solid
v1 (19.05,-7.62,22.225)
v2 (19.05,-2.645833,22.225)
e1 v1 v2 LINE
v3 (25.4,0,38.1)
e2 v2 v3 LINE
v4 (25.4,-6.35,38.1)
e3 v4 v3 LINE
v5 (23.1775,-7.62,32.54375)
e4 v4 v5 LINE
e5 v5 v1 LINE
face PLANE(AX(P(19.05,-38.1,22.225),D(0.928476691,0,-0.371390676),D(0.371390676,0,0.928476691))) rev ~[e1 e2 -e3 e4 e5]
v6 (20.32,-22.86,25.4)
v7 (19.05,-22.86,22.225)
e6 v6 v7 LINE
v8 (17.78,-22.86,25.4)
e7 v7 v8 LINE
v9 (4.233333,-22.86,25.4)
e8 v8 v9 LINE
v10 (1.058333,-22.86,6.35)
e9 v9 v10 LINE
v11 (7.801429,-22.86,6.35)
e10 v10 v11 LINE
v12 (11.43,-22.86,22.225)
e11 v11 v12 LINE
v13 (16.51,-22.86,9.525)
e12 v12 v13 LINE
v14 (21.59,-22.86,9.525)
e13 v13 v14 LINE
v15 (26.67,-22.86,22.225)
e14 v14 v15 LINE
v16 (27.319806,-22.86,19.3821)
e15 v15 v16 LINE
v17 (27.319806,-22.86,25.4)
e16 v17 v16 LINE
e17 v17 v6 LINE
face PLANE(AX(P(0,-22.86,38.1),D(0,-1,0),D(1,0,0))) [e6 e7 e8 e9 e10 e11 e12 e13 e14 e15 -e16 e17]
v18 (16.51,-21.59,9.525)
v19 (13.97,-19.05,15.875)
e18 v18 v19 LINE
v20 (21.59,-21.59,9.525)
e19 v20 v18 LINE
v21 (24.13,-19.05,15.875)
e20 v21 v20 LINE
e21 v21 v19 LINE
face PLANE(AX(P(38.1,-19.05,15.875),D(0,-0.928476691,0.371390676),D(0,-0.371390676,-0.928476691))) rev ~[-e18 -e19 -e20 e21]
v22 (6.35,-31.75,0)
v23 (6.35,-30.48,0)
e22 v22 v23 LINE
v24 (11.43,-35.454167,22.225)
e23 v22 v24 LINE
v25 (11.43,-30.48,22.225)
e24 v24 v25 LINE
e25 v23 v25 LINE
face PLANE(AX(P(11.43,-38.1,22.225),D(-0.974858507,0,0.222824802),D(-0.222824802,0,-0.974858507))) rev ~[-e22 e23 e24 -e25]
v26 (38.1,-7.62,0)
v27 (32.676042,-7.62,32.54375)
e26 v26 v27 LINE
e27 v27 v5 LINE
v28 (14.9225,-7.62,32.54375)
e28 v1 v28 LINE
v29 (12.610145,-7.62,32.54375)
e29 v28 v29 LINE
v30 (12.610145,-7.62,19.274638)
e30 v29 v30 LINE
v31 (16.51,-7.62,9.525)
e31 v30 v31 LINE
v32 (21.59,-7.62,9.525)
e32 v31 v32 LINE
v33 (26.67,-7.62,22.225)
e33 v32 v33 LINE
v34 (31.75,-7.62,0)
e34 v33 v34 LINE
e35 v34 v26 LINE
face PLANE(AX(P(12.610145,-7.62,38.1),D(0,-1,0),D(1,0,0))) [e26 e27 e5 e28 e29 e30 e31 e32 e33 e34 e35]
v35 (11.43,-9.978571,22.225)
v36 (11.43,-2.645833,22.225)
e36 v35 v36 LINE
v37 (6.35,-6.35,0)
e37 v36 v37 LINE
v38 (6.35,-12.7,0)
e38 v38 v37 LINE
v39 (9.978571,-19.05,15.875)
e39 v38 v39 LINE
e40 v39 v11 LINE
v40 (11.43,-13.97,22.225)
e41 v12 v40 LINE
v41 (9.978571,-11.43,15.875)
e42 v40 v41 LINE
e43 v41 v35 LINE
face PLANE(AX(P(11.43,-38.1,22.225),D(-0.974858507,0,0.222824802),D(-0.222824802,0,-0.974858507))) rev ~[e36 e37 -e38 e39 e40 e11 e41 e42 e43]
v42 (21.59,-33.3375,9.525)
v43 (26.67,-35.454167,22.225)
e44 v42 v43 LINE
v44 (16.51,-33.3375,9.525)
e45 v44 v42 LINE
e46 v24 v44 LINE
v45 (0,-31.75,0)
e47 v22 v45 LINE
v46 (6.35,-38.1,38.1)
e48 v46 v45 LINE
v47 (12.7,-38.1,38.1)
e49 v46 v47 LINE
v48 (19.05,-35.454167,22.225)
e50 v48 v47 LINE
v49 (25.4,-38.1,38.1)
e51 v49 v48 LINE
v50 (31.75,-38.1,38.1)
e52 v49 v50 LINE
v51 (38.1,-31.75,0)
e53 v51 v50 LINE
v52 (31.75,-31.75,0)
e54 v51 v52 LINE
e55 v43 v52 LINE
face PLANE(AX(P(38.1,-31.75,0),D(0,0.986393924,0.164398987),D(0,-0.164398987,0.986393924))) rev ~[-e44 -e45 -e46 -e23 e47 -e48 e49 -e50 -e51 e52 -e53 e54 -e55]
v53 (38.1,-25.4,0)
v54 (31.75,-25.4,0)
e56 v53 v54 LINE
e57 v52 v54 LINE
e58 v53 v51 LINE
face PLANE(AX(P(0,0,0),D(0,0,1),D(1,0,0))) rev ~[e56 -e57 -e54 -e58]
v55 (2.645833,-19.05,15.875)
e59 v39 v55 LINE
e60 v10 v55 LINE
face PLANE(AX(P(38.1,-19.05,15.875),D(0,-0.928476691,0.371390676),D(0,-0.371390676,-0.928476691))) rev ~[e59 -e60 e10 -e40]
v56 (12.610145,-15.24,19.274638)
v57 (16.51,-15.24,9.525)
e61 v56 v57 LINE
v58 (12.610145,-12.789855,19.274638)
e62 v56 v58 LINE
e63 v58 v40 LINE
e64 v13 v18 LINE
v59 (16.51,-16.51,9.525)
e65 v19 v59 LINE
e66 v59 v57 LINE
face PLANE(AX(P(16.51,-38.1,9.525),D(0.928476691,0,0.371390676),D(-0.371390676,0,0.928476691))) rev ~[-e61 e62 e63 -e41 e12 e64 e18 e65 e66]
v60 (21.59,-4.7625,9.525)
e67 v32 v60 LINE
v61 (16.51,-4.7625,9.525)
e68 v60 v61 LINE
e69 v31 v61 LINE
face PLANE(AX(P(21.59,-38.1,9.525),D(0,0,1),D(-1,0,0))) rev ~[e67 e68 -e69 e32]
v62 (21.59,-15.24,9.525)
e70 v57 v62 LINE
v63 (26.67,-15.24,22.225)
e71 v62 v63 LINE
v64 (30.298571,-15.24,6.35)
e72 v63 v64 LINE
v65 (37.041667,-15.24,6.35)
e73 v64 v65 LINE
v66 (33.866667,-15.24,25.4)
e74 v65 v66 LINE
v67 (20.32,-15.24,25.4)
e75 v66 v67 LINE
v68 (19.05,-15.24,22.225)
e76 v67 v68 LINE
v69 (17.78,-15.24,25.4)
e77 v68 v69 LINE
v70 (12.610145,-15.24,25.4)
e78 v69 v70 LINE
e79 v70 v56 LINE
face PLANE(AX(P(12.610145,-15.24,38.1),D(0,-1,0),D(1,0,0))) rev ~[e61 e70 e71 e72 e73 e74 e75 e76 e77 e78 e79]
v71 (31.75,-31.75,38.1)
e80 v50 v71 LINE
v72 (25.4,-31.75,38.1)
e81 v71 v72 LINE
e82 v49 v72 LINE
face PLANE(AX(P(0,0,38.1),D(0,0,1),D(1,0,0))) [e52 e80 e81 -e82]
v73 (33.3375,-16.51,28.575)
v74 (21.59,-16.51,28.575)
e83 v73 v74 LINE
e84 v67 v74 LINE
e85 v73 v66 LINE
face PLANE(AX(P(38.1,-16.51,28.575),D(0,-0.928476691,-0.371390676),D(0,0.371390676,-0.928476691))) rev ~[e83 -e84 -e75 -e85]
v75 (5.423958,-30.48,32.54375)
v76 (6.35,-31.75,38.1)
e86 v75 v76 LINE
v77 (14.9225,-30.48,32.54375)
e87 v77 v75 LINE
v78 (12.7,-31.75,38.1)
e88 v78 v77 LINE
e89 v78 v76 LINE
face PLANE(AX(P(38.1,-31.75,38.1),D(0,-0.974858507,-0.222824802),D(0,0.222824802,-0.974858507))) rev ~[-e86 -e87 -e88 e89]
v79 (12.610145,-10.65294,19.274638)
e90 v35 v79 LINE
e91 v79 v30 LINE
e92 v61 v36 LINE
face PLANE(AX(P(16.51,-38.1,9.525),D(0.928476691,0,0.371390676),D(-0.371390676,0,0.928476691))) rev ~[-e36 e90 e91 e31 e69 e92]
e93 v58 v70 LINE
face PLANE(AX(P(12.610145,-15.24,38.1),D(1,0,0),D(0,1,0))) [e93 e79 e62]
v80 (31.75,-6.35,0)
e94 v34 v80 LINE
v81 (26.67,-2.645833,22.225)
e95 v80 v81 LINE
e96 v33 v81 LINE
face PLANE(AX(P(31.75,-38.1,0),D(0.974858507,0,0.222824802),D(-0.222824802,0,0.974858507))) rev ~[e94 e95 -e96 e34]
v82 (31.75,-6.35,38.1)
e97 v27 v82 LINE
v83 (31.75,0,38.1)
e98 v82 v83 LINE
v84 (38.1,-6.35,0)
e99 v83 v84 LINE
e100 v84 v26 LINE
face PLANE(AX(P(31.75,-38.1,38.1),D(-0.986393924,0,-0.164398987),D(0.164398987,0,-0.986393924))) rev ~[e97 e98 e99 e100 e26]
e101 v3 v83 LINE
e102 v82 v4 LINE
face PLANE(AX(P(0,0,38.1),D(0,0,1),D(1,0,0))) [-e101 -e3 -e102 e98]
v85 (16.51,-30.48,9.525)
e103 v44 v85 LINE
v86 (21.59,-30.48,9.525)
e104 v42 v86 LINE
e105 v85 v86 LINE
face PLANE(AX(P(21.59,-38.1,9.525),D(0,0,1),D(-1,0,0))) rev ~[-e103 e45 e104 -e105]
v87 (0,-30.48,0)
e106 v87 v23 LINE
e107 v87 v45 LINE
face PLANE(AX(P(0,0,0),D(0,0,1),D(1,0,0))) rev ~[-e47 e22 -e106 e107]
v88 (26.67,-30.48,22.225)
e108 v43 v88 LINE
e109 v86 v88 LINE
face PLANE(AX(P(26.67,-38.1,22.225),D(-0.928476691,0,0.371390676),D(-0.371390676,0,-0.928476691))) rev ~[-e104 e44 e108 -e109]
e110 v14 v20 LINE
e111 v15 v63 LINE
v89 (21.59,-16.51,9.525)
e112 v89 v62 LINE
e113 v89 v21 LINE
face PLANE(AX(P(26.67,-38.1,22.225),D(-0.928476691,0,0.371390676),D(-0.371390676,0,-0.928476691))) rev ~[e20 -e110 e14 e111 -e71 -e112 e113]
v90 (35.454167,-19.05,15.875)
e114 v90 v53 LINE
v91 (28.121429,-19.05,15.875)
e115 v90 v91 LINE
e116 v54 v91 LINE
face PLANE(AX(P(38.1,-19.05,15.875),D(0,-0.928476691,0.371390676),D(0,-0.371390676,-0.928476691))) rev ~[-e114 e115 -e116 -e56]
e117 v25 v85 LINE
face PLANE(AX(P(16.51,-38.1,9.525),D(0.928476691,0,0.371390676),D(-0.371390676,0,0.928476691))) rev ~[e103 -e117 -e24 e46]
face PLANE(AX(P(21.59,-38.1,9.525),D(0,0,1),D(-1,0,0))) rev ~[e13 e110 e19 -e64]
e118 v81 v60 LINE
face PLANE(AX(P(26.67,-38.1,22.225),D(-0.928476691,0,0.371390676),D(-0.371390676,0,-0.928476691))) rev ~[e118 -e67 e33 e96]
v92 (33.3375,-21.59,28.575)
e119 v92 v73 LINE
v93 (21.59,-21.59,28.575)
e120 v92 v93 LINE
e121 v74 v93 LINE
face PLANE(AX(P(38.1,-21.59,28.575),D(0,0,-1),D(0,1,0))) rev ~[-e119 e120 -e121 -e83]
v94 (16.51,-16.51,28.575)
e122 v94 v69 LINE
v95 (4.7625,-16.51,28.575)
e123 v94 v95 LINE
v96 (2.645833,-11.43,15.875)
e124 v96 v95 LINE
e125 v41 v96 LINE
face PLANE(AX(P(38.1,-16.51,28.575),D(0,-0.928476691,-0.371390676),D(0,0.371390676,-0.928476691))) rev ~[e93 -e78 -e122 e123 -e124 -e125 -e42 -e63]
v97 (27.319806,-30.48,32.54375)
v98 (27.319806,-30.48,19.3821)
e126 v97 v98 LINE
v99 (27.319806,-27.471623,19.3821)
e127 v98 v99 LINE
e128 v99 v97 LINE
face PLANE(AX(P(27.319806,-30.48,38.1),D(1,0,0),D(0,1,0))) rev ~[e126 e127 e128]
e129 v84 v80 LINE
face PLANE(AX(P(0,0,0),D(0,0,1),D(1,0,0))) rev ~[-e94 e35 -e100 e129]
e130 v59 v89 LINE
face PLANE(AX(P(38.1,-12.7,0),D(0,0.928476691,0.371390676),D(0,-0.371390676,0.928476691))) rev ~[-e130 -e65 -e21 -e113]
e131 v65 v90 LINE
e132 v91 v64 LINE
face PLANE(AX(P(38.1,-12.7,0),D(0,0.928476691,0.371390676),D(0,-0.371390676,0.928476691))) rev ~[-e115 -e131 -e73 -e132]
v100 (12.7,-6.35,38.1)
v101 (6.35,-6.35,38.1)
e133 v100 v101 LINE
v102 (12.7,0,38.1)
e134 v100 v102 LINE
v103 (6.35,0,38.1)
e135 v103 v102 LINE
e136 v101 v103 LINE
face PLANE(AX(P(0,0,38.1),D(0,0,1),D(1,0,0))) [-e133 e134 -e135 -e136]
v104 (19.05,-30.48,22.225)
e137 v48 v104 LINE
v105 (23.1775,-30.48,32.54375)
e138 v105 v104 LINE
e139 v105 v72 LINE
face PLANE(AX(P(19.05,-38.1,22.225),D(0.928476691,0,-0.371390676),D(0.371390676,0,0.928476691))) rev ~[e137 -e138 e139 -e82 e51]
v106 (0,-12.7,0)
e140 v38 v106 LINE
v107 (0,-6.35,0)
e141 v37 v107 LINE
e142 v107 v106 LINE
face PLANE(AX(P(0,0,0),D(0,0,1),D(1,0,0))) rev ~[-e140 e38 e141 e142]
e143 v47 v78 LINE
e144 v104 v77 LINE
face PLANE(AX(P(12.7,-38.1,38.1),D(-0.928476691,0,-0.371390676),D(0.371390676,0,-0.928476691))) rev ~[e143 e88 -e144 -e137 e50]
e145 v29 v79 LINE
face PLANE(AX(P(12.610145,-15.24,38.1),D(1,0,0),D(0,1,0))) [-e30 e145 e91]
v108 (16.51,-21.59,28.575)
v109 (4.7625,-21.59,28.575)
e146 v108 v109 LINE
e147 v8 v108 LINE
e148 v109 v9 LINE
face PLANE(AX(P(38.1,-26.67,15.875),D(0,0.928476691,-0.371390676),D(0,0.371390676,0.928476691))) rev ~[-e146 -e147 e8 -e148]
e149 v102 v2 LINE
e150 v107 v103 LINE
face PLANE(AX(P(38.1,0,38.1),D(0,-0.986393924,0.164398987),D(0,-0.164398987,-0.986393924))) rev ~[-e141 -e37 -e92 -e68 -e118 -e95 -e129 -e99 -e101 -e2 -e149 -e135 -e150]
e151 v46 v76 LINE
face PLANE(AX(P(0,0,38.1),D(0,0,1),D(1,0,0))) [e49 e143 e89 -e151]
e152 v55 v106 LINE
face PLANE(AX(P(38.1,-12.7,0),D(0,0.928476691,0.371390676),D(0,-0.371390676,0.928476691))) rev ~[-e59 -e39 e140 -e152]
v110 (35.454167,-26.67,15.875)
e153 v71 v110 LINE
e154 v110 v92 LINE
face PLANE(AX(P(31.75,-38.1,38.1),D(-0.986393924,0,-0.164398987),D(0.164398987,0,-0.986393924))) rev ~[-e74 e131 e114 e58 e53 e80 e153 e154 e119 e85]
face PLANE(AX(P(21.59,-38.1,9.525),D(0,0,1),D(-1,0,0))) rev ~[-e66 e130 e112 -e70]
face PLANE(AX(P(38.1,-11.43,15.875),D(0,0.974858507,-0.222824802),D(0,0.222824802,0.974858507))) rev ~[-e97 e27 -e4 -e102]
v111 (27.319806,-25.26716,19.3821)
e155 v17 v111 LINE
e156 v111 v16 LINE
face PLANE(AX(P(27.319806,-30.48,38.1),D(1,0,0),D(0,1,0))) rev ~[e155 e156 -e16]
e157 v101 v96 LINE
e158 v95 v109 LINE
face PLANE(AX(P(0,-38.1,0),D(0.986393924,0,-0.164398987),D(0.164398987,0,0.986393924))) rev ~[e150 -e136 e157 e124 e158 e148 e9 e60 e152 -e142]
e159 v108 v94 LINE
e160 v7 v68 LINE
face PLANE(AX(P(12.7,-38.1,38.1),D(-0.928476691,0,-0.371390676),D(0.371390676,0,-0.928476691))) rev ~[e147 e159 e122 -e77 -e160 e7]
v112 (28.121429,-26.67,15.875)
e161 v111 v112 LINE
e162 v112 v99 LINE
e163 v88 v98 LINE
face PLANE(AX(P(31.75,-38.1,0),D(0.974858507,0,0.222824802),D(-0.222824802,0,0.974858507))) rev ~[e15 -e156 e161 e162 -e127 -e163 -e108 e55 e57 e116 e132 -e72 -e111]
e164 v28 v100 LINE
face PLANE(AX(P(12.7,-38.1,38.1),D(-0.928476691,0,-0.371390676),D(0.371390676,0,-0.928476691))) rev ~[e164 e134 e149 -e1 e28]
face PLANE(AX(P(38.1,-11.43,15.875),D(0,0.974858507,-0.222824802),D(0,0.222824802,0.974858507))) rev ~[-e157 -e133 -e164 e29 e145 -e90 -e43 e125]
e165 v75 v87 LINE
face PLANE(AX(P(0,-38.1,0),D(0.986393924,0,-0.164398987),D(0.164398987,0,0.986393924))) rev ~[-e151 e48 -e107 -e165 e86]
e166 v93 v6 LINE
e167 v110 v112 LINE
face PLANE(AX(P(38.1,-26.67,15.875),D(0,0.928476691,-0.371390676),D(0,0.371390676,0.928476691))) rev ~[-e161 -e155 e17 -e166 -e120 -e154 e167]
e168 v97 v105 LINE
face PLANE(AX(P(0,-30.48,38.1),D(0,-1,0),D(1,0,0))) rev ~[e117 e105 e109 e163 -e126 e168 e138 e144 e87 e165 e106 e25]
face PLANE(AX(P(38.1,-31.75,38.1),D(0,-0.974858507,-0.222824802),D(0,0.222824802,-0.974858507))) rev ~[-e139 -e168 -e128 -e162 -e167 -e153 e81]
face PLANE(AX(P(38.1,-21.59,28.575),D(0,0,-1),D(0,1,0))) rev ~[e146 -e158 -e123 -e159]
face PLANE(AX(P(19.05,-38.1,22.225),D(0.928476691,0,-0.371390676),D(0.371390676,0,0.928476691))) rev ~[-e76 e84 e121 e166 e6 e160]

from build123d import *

# Parameters (mm, degrees)
F0_W      = 38.1
F0_H      = 38.1
F1_DEPTH  = 38.1
F6_DEPTH  = 38.1
F8_DEPTH  = 38.1
F9_W      = 25.4898550868
F9_H      = 7.62
F9_W_2    = 27.3198056966
F10_DEPTH = 38.1


with BuildPart() as f1:
    # F0 (on Front) → F1 (new body)
    with BuildSketch(Plane.XZ):
        with Locations((19.05, 19.05)):
            Rectangle(F0_W, F0_H)
    extrude(amount=F1_DEPTH)

    # F5 (on offset) → F6 (cut)
    with BuildSketch(Plane.YZ.offset(38.1)):
        Polygon((-11.43, 15.875), (-6.35, 38.1), (-31.75, 38.1), (-26.67, 15.875), (-21.59, 28.575), (-16.51, 28.575), align=None)
        Polygon((-25.4, 0), (-12.7, 0), (-19.05, 15.875), align=None)
        Polygon((-38.1, 0), (-31.75, 0), (-38.1, 38.1), align=None)
        Polygon((-6.35, 0), (0, 0), (0, 38.1), align=None)
    extrude(amount=-F6_DEPTH, mode=Mode.SUBTRACT)

    # F7 (on offset) → F8 (cut)
    with BuildSketch(Plane.XZ.offset(38.1)):
        Polygon((25.4, 38.1), (12.7, 38.1), (19.05, 22.225), align=None)
        Polygon((11.43, 22.225), (6.35, 0), (31.75, 0), (26.67, 22.225), (21.59, 9.525), (16.51, 9.525), align=None)
        Polygon((0, 38.1), (0, 0), (6.35, 38.1), align=None)
        Polygon((31.75, 38.1), (38.1, 0), (38.1, 38.1), align=None)
    extrude(amount=-F8_DEPTH, mode=Mode.SUBTRACT)

    # F9 (on offset) → F10 (cut)
    with BuildSketch(Plane.XY.offset(38.1)):
        with Locations((25.3550724566, -11.43)):
            Rectangle(F9_W, F9_H)
        with Locations((13.6599028483, -26.67)):
            Rectangle(F9_W_2, F9_H)
    extrude(amount=-F10_DEPTH, mode=Mode.SUBTRACT)


solid = f1.part
